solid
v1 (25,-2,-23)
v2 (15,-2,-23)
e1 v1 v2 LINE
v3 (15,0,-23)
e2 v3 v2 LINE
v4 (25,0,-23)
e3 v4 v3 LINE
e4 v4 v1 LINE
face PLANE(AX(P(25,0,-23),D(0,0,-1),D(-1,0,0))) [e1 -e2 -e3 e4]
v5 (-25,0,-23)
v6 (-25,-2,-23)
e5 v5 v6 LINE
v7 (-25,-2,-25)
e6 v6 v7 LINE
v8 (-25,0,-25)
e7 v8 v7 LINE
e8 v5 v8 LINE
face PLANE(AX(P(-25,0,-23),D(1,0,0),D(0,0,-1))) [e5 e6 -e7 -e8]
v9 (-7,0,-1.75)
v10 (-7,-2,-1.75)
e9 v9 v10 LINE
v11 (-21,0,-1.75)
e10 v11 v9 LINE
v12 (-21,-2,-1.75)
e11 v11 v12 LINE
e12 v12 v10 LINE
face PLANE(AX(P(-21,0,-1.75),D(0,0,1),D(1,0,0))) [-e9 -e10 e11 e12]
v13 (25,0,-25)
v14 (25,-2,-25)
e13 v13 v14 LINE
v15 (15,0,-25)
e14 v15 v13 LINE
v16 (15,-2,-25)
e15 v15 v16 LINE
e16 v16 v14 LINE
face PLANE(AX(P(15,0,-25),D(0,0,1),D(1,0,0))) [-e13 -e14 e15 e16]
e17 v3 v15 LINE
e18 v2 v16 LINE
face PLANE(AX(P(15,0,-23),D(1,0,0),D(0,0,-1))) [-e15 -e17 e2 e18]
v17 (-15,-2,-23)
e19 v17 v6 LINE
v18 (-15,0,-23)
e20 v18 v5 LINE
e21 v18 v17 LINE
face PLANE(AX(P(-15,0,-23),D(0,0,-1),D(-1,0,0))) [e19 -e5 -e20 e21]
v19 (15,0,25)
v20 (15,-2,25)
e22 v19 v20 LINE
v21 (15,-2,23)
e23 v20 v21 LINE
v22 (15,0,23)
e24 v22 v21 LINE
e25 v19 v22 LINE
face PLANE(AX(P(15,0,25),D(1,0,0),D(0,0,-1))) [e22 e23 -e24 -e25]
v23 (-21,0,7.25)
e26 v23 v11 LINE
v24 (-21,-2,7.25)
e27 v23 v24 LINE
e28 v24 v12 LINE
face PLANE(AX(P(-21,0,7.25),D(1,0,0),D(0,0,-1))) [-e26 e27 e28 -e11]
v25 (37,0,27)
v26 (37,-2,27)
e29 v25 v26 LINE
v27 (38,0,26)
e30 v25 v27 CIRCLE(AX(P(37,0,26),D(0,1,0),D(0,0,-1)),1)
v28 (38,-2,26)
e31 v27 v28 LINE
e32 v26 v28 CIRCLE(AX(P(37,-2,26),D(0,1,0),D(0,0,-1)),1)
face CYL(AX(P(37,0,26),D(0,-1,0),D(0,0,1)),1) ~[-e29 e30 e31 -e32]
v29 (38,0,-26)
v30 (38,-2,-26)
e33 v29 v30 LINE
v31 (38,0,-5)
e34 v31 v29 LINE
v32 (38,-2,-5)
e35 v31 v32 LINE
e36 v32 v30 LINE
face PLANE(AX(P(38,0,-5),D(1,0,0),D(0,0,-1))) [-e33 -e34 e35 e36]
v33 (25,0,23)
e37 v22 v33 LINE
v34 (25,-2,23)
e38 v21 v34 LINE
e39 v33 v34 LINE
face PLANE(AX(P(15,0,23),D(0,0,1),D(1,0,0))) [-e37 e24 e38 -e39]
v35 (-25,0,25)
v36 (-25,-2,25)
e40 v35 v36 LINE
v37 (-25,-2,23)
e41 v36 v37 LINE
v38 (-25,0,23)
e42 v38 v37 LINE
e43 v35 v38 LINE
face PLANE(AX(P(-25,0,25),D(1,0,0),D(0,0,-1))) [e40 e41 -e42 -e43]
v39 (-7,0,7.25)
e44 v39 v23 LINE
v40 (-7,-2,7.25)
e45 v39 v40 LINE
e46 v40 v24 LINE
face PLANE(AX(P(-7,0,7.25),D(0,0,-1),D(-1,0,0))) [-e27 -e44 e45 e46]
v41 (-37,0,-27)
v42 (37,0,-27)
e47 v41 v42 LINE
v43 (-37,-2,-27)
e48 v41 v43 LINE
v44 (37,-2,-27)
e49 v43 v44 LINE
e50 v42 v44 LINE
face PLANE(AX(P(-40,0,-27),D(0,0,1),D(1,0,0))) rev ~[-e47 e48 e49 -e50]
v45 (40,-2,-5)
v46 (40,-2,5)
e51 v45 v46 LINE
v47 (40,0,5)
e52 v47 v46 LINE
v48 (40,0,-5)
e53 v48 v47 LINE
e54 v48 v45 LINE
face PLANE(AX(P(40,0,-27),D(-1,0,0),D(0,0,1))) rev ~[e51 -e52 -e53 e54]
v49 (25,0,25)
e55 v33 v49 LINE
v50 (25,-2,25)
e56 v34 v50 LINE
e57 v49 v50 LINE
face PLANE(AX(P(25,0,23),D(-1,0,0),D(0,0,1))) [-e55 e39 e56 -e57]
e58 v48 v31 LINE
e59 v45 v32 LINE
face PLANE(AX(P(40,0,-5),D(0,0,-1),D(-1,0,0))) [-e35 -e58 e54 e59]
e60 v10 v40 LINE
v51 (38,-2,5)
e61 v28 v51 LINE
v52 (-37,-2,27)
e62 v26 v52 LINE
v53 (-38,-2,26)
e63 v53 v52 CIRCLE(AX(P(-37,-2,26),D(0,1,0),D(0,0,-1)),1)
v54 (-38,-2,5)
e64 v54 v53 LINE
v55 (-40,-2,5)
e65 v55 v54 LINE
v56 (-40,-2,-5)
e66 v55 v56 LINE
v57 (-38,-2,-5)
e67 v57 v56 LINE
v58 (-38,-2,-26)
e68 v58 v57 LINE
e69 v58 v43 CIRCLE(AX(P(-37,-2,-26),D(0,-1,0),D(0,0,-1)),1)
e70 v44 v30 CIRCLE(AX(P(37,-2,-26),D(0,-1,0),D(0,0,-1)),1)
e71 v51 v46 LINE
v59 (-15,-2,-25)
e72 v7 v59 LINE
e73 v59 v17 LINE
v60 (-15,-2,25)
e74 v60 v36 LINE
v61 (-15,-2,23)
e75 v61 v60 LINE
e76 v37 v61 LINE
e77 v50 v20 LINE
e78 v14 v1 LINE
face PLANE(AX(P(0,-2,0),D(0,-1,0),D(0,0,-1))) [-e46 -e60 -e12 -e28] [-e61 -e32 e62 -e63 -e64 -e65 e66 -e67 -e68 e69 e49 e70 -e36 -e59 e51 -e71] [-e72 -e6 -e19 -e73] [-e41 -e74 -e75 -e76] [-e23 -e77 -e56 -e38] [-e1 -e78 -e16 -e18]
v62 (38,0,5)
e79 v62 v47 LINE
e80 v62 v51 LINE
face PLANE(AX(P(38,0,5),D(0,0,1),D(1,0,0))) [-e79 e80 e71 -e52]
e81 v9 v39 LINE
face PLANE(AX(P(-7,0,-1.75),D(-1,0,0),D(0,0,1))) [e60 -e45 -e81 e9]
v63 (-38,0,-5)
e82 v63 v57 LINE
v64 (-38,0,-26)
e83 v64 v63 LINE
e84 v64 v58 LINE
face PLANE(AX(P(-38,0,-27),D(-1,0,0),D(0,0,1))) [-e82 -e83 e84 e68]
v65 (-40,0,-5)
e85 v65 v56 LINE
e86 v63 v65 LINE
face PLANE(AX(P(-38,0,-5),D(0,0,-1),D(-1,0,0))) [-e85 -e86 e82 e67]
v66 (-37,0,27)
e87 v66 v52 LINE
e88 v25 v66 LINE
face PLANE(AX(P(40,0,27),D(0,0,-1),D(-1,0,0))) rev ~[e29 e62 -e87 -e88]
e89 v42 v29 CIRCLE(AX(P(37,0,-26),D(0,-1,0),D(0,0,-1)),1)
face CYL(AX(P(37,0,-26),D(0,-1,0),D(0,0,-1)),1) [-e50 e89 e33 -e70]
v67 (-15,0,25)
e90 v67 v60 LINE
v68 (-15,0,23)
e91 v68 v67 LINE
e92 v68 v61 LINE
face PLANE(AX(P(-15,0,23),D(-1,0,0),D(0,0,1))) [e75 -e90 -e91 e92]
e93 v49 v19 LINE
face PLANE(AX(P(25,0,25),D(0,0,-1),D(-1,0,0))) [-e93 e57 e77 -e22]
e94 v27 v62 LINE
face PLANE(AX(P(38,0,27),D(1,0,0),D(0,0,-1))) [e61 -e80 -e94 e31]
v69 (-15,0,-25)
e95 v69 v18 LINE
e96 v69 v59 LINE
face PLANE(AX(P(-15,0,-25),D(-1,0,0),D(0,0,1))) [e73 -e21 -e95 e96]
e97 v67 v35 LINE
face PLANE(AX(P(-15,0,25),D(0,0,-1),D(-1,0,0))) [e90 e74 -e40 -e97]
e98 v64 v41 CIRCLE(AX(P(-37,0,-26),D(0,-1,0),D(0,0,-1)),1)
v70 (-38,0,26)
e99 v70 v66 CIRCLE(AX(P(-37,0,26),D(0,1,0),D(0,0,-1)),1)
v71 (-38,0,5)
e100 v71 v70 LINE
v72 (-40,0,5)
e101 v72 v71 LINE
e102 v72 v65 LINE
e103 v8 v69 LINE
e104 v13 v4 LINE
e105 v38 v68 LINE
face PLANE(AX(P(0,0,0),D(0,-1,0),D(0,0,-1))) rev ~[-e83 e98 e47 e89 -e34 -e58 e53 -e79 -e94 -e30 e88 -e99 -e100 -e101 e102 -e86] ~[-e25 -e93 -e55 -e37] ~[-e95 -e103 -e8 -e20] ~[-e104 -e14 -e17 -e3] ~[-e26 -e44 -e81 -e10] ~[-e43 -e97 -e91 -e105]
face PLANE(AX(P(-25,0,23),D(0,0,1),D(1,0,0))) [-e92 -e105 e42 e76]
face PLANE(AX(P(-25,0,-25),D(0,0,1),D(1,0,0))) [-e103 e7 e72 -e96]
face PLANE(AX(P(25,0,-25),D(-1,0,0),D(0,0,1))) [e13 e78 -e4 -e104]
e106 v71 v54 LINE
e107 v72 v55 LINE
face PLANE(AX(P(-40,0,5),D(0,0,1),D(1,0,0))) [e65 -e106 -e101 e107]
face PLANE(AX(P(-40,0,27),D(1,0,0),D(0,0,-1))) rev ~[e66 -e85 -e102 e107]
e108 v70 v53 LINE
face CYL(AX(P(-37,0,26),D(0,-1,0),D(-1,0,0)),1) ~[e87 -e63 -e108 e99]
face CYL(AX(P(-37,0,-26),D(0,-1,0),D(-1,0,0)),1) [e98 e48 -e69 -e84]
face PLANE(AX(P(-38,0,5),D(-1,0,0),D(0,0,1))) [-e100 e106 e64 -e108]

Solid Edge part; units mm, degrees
sketch "Sketch1" plane through (0, 0, 0) normal (0, -1, 0) x (1, 0, 0)
  line L0 (40, -27) -> (40, 27)
  line L1 (40, 27) -> (-40, 27)
  line L2 (-40, 27) -> (-40, -27)
  line L3 (-40, -27) -> (40, -27)
extrude "Protrusion1" add sketch "Sketch1" along normal blind 2
sketch "Sketch2" plane through (0, 0, 0) normal (0, -1, 0) x (1, 0, 0)
  line L0 (-25, 23) -> (-15, 23)
  line L1 (-15, 23) -> (-15, 25)
  line L2 (-15, 25) -> (-25, 25)
  line L3 (-25, 25) -> (-25, 23)
extrude "ExtrudedCutout_1" cut sketch "Sketch2" along normal blind 2
sketch "Sketch3" plane through (0, 0, 0) normal (0, -1, 0) x (1, 0, 0)
  line L0 (25, 25) -> (15, 25)
  line L1 (15, 25) -> (15, 23)
  line L2 (15, 23) -> (25, 23)
  line L3 (25, 23) -> (25, 25)
extrude "ExtrudedCutout_2" cut sketch "Sketch3" along normal blind 2
sketch "Sketch4" plane through (0, 0, 0) normal (0, -1, 0) x (1, 0, 0)
  line L0 (15, -25) -> (25, -25)
  line L1 (25, -25) -> (25, -23)
  line L2 (25, -23) -> (15, -23)
  line L3 (15, -23) -> (15, -25)
extrude "ExtrudedCutout_3" cut sketch "Sketch4" along normal blind 2
sketch "Sketch5" plane through (0, 0, 0) normal (0, -1, 0) x (1, 0, 0)
  line L0 (-15, -23) -> (-25, -23)
  line L1 (-25, -23) -> (-25, -25)
  line L2 (-25, -25) -> (-15, -25)
  line L3 (-15, -25) -> (-15, -23)
extrude "ExtrudedCutout_4" cut sketch "Sketch5" along normal blind 2
sketch "Sketch6" plane through (0, 0, 0) normal (0, -1, 0) x (1, 0, 0)
  line L0 (-38, -27) -> (-38, -5)
  line L1 (-38, -5) -> (-40, -5)
  line L2 (-40, -5) -> (-40, -27)
  line L3 (-40, -27) -> (-38, -27)
extrude "ExtrudedCutout_5" cut sketch "Sketch6" along normal blind 2
sketch "Sketch7" plane through (0, 0, 0) normal (0, -1, 0) x (1, 0, 0)
  line L0 (-38, 5) -> (-38, 27)
  line L1 (-38, 27) -> (-40, 27)
  line L2 (-40, 27) -> (-40, 5)
  line L3 (-40, 5) -> (-38, 5)
extrude "ExtrudedCutout_6" cut sketch "Sketch7" along normal blind 2
sketch "Sketch8" plane through (0, 0, 0) normal (0, -1, 0) x (1, 0, 0)
  line L0 (38, -5) -> (38, -27)
  line L1 (38, -27) -> (40, -27)
  line L2 (40, -27) -> (40, -5)
  line L3 (40, -5) -> (38, -5)
extrude "ExtrudedCutout_7" cut sketch "Sketch8" along normal blind 2
sketch "Sketch9" plane through (0, 0, 0) normal (0, -1, 0) x (1, 0, 0)
  line L0 (38, 27) -> (38, 5)
  line L1 (38, 5) -> (40, 5)
  line L2 (40, 5) -> (40, 27)
  line L3 (40, 27) -> (38, 27)
extrude "ExtrudedCutout_8" cut sketch "Sketch9" along normal blind 2
sketch "Sketch10" plane through (0, 0, 0) normal (0, -1, 0) x (1, 0, 0)
  line L0 (-21, -1.75) -> (-7, -1.75)
  line L1 (-7, -1.75) -> (-7, 7.25)
  line L2 (-7, 7.25) -> (-21, 7.25)
  line L3 (-21, 7.25) -> (-21, -1.75)
extrude "ExtrudedCutout_9" cut sketch "Sketch10" along normal blind 2
fillet "Round_1" radius 1 4 edges at (-38, -1, -27) (-38, -1, 27) (38, -1, 27) (38, -1, -27)
properties material "Acrylic, high impact grade"
